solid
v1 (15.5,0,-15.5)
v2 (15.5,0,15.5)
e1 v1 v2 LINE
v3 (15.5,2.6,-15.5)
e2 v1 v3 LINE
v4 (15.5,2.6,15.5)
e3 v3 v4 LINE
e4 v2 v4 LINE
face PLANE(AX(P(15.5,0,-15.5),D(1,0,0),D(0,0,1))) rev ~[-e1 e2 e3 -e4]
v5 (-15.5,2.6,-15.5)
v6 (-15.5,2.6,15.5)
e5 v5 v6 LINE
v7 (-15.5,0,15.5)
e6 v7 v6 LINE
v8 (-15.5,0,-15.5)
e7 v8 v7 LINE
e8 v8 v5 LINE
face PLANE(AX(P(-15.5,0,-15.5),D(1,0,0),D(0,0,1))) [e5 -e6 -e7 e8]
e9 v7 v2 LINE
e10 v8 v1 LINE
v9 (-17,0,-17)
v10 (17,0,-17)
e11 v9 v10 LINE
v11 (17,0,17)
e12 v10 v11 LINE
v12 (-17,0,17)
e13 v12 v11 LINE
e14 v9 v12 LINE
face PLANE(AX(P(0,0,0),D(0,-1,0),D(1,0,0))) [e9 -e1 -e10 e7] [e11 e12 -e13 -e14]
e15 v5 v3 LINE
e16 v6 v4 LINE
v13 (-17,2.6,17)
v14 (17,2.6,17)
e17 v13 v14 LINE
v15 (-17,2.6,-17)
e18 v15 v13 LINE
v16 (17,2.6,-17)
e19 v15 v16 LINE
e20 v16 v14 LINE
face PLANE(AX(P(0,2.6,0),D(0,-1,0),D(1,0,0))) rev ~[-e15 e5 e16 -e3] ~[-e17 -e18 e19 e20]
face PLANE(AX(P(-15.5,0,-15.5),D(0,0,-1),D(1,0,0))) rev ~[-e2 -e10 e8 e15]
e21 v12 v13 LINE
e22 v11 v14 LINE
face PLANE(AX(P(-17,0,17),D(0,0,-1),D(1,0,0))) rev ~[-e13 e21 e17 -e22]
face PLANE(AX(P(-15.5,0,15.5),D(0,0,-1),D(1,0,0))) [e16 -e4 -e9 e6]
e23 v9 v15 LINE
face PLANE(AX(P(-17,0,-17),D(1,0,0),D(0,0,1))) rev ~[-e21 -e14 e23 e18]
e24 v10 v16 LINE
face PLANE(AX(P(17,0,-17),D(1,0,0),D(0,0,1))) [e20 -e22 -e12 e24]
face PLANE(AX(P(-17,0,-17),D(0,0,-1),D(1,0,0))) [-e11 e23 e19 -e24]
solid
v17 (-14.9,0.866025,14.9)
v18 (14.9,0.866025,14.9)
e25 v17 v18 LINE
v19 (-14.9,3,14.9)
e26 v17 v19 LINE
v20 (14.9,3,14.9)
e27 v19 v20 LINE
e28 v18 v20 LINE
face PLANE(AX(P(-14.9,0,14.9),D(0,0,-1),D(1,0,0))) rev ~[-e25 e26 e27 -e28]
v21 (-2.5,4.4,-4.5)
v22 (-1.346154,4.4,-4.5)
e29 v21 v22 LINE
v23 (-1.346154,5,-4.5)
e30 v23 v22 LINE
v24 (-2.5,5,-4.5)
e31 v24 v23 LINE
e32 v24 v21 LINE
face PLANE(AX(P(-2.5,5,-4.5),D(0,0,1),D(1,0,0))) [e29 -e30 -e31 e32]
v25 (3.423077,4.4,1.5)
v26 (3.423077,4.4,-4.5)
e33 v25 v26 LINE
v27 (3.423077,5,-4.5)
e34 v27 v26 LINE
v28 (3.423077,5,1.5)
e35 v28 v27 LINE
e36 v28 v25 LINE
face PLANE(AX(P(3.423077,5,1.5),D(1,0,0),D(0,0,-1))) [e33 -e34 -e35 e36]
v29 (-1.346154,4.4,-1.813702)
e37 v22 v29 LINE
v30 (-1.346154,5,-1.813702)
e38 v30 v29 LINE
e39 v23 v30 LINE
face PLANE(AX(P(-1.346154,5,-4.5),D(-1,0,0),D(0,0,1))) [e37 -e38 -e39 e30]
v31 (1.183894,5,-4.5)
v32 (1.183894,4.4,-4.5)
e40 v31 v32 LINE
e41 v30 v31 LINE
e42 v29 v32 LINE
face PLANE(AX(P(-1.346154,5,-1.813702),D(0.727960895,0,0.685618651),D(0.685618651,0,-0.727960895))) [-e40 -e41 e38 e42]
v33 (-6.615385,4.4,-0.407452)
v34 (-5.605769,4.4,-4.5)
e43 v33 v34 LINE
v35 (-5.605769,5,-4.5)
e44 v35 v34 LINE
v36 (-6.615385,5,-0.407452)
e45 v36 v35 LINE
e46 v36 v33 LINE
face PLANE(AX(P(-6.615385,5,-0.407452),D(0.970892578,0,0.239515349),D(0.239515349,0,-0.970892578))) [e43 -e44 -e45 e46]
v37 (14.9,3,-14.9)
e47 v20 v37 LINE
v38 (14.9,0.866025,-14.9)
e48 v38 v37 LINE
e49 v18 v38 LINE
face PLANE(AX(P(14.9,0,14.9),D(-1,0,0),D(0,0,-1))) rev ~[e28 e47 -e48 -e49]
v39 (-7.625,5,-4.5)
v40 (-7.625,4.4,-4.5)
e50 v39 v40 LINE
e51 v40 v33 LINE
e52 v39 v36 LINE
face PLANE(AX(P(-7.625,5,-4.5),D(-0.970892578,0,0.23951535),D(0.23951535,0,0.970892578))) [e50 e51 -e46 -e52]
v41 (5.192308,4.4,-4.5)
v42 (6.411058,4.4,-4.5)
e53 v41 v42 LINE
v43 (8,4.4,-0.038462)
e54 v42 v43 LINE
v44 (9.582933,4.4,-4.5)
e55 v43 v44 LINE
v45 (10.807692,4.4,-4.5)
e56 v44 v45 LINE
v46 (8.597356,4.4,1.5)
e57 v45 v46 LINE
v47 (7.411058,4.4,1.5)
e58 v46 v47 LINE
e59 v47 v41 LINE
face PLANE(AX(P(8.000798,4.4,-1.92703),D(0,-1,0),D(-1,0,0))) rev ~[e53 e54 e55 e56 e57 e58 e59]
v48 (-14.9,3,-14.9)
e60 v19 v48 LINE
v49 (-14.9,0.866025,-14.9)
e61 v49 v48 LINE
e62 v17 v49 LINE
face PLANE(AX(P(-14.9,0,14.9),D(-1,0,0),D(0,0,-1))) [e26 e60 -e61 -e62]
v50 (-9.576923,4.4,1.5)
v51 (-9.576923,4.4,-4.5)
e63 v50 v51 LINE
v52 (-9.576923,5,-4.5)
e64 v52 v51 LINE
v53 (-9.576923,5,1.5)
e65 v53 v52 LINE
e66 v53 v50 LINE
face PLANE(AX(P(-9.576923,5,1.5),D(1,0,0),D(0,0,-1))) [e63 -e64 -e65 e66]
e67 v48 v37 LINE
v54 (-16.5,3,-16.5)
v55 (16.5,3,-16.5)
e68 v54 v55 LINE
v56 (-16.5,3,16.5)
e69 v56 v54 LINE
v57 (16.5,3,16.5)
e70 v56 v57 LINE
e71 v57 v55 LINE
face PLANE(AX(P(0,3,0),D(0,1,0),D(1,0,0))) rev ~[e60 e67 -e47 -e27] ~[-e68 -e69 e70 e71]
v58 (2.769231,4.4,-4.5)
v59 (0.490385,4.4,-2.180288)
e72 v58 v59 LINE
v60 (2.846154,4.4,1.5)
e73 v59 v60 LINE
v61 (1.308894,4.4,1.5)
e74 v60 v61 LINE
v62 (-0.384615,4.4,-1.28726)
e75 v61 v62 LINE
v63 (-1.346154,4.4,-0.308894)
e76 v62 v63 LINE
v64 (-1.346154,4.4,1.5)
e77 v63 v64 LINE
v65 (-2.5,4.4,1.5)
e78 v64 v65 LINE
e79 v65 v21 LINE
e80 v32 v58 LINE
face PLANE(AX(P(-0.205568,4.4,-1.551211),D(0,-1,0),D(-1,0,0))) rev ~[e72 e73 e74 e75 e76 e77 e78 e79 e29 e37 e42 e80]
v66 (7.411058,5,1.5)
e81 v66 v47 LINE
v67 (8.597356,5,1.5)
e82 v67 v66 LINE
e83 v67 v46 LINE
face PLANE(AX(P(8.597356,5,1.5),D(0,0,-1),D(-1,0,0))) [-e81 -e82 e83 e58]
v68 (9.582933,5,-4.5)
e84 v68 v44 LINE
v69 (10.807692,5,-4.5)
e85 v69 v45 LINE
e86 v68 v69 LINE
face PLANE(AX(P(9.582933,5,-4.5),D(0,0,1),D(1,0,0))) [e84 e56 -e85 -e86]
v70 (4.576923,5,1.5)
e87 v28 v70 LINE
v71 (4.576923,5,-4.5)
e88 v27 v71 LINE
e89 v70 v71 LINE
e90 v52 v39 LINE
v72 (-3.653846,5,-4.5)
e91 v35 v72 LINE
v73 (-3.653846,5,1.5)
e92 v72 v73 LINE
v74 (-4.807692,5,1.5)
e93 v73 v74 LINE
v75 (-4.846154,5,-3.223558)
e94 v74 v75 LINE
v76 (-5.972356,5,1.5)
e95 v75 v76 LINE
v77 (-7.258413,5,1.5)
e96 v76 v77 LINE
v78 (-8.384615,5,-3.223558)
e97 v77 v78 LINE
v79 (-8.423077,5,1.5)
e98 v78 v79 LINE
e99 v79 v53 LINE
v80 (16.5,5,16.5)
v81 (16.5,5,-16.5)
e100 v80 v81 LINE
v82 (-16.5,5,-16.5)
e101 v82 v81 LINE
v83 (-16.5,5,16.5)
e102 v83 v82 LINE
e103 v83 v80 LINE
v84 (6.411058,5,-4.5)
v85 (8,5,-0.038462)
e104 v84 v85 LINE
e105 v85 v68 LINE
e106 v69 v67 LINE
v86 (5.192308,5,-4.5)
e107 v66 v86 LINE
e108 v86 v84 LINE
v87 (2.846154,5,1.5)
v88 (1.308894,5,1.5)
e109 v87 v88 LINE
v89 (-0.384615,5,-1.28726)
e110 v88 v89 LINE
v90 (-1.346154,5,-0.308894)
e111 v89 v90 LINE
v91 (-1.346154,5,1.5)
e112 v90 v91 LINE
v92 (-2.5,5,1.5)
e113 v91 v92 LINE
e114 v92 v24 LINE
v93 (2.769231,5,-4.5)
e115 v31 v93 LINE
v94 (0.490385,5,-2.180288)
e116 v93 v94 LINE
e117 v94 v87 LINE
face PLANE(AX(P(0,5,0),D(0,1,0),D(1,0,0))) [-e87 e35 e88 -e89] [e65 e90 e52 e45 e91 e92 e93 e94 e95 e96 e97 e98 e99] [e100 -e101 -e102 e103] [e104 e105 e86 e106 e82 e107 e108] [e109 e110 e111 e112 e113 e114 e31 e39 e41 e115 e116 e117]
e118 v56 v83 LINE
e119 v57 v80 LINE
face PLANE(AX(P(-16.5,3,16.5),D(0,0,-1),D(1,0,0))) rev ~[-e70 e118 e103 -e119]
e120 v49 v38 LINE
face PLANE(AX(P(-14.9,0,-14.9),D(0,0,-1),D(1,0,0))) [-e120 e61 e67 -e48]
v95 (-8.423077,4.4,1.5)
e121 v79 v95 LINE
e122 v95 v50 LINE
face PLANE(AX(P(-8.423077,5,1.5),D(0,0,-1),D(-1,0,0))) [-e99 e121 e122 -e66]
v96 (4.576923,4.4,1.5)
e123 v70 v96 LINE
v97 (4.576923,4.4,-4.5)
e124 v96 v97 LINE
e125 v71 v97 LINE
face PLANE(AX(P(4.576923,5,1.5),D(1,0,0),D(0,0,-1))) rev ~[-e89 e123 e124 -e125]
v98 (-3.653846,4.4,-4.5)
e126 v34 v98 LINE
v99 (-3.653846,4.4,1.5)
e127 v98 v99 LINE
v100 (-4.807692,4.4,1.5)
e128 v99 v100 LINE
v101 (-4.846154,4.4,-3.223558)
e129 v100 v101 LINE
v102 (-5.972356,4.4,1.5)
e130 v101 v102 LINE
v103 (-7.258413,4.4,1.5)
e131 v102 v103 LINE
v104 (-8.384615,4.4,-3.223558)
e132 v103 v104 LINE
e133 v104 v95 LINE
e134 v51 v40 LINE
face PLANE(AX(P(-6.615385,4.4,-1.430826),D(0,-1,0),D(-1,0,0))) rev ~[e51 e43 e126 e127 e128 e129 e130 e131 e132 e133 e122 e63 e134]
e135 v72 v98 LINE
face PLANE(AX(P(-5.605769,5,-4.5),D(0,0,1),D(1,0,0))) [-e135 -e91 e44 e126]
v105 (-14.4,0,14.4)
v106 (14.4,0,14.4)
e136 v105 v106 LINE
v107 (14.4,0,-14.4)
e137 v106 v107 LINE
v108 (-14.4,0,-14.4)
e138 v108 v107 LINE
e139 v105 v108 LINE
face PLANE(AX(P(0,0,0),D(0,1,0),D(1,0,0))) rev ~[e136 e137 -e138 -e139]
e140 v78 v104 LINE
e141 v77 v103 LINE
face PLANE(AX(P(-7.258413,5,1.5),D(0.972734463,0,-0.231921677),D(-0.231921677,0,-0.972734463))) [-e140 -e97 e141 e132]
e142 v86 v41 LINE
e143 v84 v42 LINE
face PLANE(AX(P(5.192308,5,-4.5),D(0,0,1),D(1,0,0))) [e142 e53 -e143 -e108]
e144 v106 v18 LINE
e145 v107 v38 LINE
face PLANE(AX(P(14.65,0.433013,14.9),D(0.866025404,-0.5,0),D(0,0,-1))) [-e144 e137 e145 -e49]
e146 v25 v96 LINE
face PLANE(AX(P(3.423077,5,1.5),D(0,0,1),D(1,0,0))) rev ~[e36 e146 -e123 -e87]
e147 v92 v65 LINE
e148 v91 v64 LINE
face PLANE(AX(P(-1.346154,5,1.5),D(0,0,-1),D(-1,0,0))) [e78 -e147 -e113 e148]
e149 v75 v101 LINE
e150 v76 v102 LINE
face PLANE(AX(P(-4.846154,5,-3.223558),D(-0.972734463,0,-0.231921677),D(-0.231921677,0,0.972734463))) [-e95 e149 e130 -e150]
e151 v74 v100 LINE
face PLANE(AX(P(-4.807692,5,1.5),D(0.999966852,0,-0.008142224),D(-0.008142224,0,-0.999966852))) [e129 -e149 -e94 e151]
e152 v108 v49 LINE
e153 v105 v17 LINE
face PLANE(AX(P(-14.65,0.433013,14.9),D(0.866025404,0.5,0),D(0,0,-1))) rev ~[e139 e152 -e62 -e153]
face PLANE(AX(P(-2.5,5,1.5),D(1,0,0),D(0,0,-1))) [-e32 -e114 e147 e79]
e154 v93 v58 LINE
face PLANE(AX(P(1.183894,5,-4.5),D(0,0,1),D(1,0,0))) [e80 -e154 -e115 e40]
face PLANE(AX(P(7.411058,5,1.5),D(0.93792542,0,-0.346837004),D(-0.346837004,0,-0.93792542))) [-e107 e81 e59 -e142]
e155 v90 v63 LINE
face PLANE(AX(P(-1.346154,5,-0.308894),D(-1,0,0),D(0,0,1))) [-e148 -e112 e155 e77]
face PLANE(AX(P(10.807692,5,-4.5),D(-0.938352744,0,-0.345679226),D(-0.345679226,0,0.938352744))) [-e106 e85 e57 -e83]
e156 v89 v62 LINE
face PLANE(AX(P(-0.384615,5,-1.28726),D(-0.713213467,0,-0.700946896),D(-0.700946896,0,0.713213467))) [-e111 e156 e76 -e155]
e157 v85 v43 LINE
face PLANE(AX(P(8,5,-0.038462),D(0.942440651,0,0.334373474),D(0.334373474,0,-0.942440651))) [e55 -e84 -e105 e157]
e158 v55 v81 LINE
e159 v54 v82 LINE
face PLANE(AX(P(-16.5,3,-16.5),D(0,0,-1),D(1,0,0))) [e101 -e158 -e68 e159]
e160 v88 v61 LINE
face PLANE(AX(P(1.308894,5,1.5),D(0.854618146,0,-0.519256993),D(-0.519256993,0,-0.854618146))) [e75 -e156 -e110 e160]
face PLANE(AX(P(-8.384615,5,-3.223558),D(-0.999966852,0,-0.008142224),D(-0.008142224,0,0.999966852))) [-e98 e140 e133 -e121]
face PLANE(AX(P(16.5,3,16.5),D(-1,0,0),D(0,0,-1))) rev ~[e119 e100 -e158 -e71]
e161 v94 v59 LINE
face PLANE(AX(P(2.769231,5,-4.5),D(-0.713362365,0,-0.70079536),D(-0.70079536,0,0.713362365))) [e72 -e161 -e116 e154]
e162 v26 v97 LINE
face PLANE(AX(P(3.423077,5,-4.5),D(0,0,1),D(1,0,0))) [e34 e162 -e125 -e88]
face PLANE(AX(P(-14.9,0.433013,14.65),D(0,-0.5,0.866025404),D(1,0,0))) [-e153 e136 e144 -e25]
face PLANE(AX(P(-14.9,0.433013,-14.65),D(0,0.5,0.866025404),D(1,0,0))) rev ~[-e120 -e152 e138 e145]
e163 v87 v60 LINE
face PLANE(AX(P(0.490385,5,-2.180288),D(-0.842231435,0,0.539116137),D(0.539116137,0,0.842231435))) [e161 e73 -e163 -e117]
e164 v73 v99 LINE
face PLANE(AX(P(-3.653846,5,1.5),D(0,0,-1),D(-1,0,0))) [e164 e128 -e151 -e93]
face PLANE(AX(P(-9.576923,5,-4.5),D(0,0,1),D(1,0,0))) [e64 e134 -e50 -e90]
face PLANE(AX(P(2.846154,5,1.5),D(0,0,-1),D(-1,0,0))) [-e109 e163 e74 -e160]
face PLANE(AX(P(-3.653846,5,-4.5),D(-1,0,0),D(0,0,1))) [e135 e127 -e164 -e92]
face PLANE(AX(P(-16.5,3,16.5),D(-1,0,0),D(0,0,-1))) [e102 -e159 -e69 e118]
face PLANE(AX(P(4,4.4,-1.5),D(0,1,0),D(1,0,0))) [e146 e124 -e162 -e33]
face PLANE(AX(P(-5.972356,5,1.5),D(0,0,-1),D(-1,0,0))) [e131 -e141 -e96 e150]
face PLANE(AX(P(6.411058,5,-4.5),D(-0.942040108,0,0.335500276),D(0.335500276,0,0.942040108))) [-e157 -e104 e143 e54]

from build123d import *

# Parameters (mm, degrees)
SKETCH1_W           = 29.8
SKETCH1_H           = 29.8
BOSS_EXTRUDE1_DEPTH = 3
SKETCH2_W           = 33
SKETCH2_H           = 33
BOSS_EXTRUDE2_DEPTH = 2
SKETCH5_W           = 34
SKETCH5_H           = 34
SKETCH5_W_2         = 31
SKETCH5_H_2         = 31
BOSS_EXTRUDE4_DEPTH = 2.6
CHAMFER1_SIZE       = 0.5
CHAMFER1_SIZE2      = 0.866025404
SKETCH3_W           = 1.153846154
SKETCH3_H           = 6
CUT_EXTRUDE1_DEPTH  = 0.6


with BuildPart() as part:
    # Sketch1 → Boss-Extrude1 (new body)
    with BuildSketch(Plane(origin=(0, 0, 0), x_dir=(1, 0, 0), z_dir=(0, 1, 0))):
        Rectangle(SKETCH1_W, SKETCH1_H)
    extrude(amount=BOSS_EXTRUDE1_DEPTH)

    # Sketch2 → Boss-Extrude2 (add)
    with BuildSketch(Plane(origin=(0, 3, 0), x_dir=(1, 0, 0), z_dir=(0, 1, 0))):
        Rectangle(SKETCH2_W, SKETCH2_H)
    extrude(amount=BOSS_EXTRUDE2_DEPTH)

    # Chamfer1
    chamfer1_edges = [part.edges().sort_by_distance(p)[0] for p in [
        (0, 0, -14.9),
        (14.9, 0, 0),
        (0, 0, 14.9),
        (-14.9, 0, 0),
    ]]
    chamfer1_side = [part.faces().sort_by_distance(p)[0] for p in [
        (0, 0, 0),
    ]]
    chamfer(chamfer1_edges, length=CHAMFER1_SIZE, length2=CHAMFER1_SIZE2, reference=chamfer1_side[0])

    # Sketch3 → Cut-Extrude1 (cut)
    with BuildSketch(Plane(origin=(0, 5, 0), x_dir=(1, 0, 0), z_dir=(0, 1, 0))):
        Polygon((-9.576923077, -1.5), (-9.576923077, 4.5), (-7.625, 4.5), (-6.615384615, 0.407451923), (-5.605769231, 4.5), (-3.653846154, 4.5), (-3.653846154, -1.5), (-4.807692308, -1.5), (-4.846153846, 3.223557692), (-5.972355769, -1.5), (-7.258413462, -1.5), (-8.384615385, 3.223557692), (-8.423076923, -1.5), align=None)
        Polygon((-2.5, -1.5), (-2.5, 4.5), (-1.346153846, 4.5), (-1.346153846, 1.813701923), (1.183894231, 4.5), (2.769230769, 4.5), (0.490384615, 2.180288462), (2.846153846, -1.5), (1.308894231, -1.5), (-0.384615385, 1.287259615), (-1.346153846, 0.308894231), (-1.346153846, -1.5), align=None)
        with Locations((4, 1.5)):
            Rectangle(SKETCH3_W, SKETCH3_H)
        Polygon((7.411057692, -1.5), (5.192307692, 4.5), (6.411057692, 4.5), (8, 0.038461538), (9.582932692, 4.5), (10.807692308, 4.5), (8.597355769, -1.5), align=None)
    extrude(amount=-CUT_EXTRUDE1_DEPTH, mode=Mode.SUBTRACT)


with BuildPart() as body_2:
    # Sketch5 → Boss-Extrude4 (new body)
    with BuildSketch(Plane.XZ):
        Rectangle(SKETCH5_W, SKETCH5_H)
        Rectangle(SKETCH5_W_2, SKETCH5_H_2, mode=Mode.SUBTRACT)
    extrude(amount=-BOSS_EXTRUDE4_DEPTH)


solid = Compound([part.part, body_2.part])
